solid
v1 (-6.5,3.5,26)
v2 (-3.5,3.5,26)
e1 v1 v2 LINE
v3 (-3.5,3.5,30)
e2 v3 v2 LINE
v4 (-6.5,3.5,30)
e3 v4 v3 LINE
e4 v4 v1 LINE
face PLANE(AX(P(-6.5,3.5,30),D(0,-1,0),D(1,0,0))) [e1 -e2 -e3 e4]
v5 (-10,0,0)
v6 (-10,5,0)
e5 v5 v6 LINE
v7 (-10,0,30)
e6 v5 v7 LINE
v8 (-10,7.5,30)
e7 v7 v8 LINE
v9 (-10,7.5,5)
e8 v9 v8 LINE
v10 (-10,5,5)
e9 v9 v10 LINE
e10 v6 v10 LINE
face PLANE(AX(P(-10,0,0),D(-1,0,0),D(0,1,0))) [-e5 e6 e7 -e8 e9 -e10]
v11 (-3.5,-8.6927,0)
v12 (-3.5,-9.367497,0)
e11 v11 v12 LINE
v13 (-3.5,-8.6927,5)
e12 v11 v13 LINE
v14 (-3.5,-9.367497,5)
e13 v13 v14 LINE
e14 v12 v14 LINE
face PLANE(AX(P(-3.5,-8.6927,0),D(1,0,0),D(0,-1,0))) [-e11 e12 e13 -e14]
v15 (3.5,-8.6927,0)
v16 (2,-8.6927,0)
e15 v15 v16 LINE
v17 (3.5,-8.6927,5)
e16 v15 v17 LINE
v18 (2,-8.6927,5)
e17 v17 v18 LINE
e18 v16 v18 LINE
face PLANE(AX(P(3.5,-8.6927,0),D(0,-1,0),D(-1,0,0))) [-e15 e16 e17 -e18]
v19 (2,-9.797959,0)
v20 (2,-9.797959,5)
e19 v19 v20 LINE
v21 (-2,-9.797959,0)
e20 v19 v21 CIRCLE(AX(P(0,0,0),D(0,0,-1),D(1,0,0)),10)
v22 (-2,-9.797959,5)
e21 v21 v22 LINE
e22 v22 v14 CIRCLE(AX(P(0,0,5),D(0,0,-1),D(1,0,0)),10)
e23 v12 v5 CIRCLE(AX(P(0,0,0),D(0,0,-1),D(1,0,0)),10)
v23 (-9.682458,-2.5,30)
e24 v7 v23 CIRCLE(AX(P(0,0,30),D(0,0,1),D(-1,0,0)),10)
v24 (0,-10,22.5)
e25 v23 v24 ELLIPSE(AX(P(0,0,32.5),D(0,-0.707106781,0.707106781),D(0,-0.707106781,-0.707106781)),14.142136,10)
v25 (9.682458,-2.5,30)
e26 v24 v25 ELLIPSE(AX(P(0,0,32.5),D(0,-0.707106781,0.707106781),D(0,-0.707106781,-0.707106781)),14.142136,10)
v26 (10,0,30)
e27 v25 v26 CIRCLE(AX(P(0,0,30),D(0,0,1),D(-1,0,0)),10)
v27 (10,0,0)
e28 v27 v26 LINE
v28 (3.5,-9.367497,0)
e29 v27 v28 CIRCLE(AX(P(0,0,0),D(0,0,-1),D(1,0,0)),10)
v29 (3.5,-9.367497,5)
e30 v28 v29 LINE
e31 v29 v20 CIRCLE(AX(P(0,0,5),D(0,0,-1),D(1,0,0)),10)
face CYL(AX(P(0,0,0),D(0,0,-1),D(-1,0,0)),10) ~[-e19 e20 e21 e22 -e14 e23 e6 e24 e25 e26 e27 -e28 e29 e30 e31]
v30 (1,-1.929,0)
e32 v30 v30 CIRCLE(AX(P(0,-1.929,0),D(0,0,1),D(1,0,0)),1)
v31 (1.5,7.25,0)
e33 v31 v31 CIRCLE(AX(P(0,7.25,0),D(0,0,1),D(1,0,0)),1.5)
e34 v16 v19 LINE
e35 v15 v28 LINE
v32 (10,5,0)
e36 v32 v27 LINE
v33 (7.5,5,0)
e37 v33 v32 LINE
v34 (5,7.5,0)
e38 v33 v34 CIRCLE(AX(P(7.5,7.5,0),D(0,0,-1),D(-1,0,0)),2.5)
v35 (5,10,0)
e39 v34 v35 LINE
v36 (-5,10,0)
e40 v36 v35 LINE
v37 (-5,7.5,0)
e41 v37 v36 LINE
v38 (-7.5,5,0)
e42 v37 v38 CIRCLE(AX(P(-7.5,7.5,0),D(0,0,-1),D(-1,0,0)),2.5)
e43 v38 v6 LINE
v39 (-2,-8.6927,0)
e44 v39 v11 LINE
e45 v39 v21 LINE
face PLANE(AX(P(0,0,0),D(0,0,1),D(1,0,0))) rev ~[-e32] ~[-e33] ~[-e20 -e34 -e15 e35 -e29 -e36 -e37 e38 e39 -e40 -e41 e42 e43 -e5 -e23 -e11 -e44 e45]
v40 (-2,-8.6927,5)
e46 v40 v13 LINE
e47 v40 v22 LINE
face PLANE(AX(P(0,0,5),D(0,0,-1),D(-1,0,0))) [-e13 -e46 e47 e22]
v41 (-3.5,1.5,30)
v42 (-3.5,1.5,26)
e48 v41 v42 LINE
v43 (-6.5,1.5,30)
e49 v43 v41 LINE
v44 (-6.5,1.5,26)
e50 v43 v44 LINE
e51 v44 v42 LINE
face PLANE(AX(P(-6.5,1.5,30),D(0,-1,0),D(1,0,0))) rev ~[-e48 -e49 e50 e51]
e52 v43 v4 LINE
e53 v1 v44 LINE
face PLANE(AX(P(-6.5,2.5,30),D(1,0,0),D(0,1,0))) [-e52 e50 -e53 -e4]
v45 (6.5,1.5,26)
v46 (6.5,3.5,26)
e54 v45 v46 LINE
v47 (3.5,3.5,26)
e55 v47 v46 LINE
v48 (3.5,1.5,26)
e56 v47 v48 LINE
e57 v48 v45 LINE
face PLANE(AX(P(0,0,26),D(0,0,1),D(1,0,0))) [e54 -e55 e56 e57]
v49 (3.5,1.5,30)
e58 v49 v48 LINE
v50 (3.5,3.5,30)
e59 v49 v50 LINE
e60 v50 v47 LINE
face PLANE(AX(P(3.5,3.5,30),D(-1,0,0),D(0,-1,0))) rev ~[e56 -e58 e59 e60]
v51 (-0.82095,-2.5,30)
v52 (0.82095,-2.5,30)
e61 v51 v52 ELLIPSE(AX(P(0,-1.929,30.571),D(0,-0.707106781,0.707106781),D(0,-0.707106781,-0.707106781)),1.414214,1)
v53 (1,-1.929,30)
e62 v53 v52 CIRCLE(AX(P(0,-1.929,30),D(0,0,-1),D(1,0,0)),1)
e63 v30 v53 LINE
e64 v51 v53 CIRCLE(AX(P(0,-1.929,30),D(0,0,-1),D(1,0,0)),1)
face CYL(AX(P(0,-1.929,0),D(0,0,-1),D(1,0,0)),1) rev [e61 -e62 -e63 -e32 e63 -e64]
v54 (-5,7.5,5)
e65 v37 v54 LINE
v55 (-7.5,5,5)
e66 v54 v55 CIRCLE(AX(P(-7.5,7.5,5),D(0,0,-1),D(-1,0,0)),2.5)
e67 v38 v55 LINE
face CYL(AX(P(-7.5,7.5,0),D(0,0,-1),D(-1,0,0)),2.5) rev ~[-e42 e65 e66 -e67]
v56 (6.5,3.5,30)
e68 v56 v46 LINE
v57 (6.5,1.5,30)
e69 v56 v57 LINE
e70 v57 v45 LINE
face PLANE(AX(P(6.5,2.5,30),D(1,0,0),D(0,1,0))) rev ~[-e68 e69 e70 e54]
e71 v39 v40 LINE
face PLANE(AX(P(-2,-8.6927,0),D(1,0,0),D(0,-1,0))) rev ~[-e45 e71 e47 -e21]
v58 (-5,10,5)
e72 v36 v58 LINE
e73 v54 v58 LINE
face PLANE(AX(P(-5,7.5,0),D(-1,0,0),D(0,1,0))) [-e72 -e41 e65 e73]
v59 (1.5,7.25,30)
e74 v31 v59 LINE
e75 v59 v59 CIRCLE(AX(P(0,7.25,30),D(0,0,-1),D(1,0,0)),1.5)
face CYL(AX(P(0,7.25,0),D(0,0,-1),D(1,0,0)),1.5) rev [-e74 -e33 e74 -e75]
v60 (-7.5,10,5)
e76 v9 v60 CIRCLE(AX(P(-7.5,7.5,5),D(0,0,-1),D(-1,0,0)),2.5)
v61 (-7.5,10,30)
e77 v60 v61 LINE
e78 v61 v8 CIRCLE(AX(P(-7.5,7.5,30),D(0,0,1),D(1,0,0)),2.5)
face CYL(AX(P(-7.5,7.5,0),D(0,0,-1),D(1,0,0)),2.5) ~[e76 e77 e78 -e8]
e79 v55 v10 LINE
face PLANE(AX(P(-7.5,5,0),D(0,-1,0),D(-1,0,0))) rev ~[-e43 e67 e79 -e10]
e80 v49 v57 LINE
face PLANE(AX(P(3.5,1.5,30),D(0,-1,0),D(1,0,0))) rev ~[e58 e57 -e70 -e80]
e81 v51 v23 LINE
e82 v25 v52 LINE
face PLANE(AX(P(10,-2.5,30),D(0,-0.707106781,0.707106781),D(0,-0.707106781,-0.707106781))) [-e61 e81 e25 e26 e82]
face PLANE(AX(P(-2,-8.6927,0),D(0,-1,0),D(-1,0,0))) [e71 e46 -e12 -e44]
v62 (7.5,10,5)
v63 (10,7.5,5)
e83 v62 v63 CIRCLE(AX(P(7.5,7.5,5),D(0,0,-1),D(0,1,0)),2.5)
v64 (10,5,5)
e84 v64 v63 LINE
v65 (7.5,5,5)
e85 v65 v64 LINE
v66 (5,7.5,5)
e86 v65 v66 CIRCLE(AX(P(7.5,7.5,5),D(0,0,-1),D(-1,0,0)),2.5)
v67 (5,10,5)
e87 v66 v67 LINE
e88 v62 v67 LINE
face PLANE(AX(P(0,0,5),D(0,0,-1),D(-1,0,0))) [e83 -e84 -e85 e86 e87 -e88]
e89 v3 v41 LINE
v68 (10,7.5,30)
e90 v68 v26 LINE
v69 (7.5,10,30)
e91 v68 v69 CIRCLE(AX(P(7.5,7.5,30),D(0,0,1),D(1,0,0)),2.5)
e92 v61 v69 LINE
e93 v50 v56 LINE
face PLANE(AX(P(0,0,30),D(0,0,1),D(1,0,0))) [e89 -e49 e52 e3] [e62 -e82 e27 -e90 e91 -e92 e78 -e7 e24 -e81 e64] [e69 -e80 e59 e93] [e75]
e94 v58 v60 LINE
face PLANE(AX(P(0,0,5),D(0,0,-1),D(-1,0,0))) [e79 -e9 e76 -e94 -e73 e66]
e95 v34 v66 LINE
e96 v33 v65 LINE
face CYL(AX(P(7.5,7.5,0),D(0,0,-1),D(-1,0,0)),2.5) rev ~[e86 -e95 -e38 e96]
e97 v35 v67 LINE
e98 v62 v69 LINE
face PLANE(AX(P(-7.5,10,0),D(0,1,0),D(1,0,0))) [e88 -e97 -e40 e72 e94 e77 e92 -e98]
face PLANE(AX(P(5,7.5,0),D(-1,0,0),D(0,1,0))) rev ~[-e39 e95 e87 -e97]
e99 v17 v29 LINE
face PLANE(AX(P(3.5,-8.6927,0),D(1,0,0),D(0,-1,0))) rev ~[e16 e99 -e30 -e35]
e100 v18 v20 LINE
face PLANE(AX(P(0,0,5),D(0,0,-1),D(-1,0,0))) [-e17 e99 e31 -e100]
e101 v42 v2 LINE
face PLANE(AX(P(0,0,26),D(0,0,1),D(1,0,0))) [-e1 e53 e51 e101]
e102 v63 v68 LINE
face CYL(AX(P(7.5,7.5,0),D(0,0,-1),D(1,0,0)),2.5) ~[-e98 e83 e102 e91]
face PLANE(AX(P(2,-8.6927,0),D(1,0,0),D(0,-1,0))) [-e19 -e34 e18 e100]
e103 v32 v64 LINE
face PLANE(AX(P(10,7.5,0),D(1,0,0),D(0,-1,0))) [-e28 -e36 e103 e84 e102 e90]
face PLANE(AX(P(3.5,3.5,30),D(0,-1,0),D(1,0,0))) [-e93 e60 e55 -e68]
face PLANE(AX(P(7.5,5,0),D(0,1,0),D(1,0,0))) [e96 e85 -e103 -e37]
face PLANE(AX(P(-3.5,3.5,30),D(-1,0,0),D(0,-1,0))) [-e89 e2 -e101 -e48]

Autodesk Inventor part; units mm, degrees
ref_plane "YZ Plane" through (0, 0, 0) normal (1, 0, 0) x (0, 1, 0)
ref_plane "XZ Plane" through (0, 0, 0) normal (0, 1, 0) x (-1, 0, 0)
ref_plane "XY Plane" through (0, 0, 0) normal (0, 0, 1) x (1, 0, 0)
sketch "Finger Body" plane through (0, 0, 0) normal (0, 0, 1) x (1, 0, 0)
  line L0 (-10, 10) -> (10, 10)
  line L1 (10, 10) -> (10, -10)
  line L2 (10, -10) -> (-10, -10)
  line L3 (-10, -10) -> (-10, 10)
  arc A0 (-10, 0) -> (10, 0) centre (0, 0) ccw
  line L4 (-10, 0) -> (10, 0)
  circle A1 centre (-7.5, 7.5) radius 2.5
  circle A2 centre (7.5, 7.5) radius 2.5
  circle A3 centre (0, 0) radius 8.75
  line L5 (0, -8.75) -> (1, -8.75) construction
  line L6 (1, 8.6927) -> (1, -8.75)
  line L7 (-1, 8.6927) -> (-1, -8.6927)
  line L8 (-1, -9.9499) -> (-1, -10)
  circle A4 centre (0, 7.25) radius 1.5
  circle A5 centre (0, -1.929) radius 1
  point P0 (1, -8.6927)
  point P1 (10, 7.5)
  point P2 (7.5, 10)
  point P3 (-7.5, 10)
  point P4 (-10, 7.5)
  dimension "d0" = 20
  dimension "d1" = 20
  dimension "d2" = 10
  dimension "d3" = 10
  dimension "d4" = 5
  dimension "d5" = 2.5
  dimension "d6" = 2.5
  dimension "d7" = 5
  dimension "d8" = 2.5
  dimension "d9" = 2.5
  dimension "d10" = 17.5
  dimension "d42" = 3
  dimension "d43" = 0
  dimension "d44" = 0
  dimension "d45" = 9.179
  dimension "d46" = 0
sketch "Cap Imprint (DNE)" plane through (0, 0, 0) normal (0, 0, 1) x (1, 0, 0)
  circle A0 centre (0, 0) radius 8.75 projected
  arc A1 (-10, 0) -> (10, 0) centre (0, 0) ccw projected
  line L0 (-10, -10) -> (-10, 10) projected
  line L1 (-10, 10) -> (10, 10) projected
  line L2 (10, 10) -> (10, -10) projected
  line L3 (1, 8.6927) -> (1, -8.75) projected
  line L4 (-1, 8.6927) -> (-1, -8.6927) projected
  circle A2 centre (-7.5, 7.5) radius 2.5 projected
  circle A3 centre (7.5, 7.5) radius 2.5 projected
  circle A4 centre (0, 0) radius 0.5
  dimension "d15" = 1
extrude "FingerLength (Scale for each finger)" add sketch "Finger Body" along normal blind 30 contours L0 A2 A3 A1 | A1 A3 | A1 A3 L4 L3 | A2 A3 | L4 A3 A0 | A3 A1 | A1 A3 L7 A4 L4 | L1 L4 A3 A2 | A3 A2 | A2 A3 L4 L6 A4 | L4 L7 A3 | L6 A4 A3 | A3 A4 L7 | L7 A4 L6 L4 | L4 L6 A5 L7 | L7 A5 L6 A3 | A3 L6 L4
sketch "Sketch3" plane through (0, 0, 30) normal (0, 0, 1) x (1, 0, 0)
  arc A0 (-7.5, 10) -> (-10, 7.5) centre (-7.5, 7.5) ccw projected
  line L0 (-10, 7.5) -> (-7, 7.5)
  line L1 (-7, 7.5) -> (-6.5, 7.5)
  line L2 (-6.5, 7.5) -> (-3.5, 7.5)
  line L3 (-3.5, 7.5) -> (-3, 7.5)
  arc A1 (10, 7.5) -> (7.5, 10) centre (7.5, 7.5) ccw projected
  line L4 (10, 7.5) -> (7, 7.5)
  line L5 (7, 7.5) -> (6.5, 7.5)
  line L6 (6.5, 7.5) -> (3.5, 7.5)
  line L7 (3.5, 7.5) -> (3, 7.5)
  line L8 (-6.5, 7.5) -> (-3.5, 7.5)
  line L9 (-3.5, 7.5) -> (-3.5, -2.5)
  line L10 (-3.5, -2.5) -> (-6.5, -2.5)
  line L11 (-6.5, -2.5) -> (-6.5, 7.5)
  line L12 (6.5, 7.5) -> (3.5, 7.5)
  line L13 (3.5, 7.5) -> (3.5, -2.5)
  line L14 (3.5, -2.5) -> (6.5, -2.5)
  line L15 (6.5, -2.5) -> (6.5, 7.5)
  line L16 (-6.5, 2.5) -> (6.5, 2.5)
  line L17 (-6.5, 3.5) -> (6.5, 3.5)
  line L18 (-6.5, 1.5) -> (6.5, 1.5)
  point P0 (0, 0)
  point P1 (-3.5, 1.5)
  point P2 (-3.5, 3.5)
  point P3 (3.5, 1.5)
  point P4 (3.5, 3.5)
  dimension "d18" = 3
  dimension "d19" = 0.5
  dimension "d20" = 3
  dimension "d21" = 0.5
  dimension "d22" = 3
  dimension "d23" = 0.5
  dimension "d24" = 3
  dimension "d25" = 0.5
  dimension "d26" = 10
  dimension "d27" = 10
  dimension "d28" = 1
  dimension "d29" = 1
extrude "Extrusion2" cut sketch "Sketch3" against normal blind 4 contours L17 L9 L16 L11 | L16 L9 L18 L11 | L17 L15 L16 L13 | L16 L15 L18 L13
sketch "Sketch4" plane through (10, 0, 0) normal (1, 0, 0) x (0, 0, -1)
  line L0 (0, -10) -> (-30, -10) projected
  line L1 (-30, 0) -> (-30, -10) projected
  line L2 (-30, 0) -> (-30, 7.5) projected
  line L3 (-30, 10) -> (-30, 7.5) projected
  line L4 (0, 10) -> (-30, 10) projected
  line L5 (0, 0) -> (0, 7.5) projected
  line L6 (0, 10) -> (0, 7.5) projected
  line L7 (0, 0) -> (0, -10) projected
  line L8 (0, 7.5) -> (-30, 7.5) projected
  line L9 (-30, 7.5) -> (-30, -2.5)
  line L10 (-30, -8.6927) -> (-30, 8.6927) projected
  line L11 (-30, -2.5) -> (-22.5, -10)
  dimension "d32" = 10
  dimension "d33" = 135
extrude "Extrusion3" cut sketch "Sketch4" against normal up to surface (20 mm away) contours L0 L1 L11
sketch "Sketch5" plane through (0, 0, 0) normal (0, 0, -1) x (-1, 0, 0)
  arc A0 (-7.5, 10) -> (-10, 7.5) centre (-7.5, 7.5) ccw projected
  line L0 (-10, 0) -> (-10, 7.5) projected
  arc A1 (-10, 0) -> (10, 0) centre (0, 0) ccw projected
  line L1 (10, 7.5) -> (10, 0) projected
  arc A2 (10, 7.5) -> (7.5, 10) centre (7.5, 7.5) ccw projected
  line L2 (-7.5, 10) -> (7.5, 10) projected
  circle A3 centre (-7.5, 7.5) radius 2.5
  circle A4 centre (7.5, 7.5) radius 2.5
  line L3 (-7.5, 5) -> (-10, 5)
  line L4 (-10, 0) -> (-10, 7.5) projected
  line L5 (7.5, 5) -> (10, 5)
  line L6 (-5, 7.5) -> (-5, 10)
  line L7 (5, 7.5) -> (5, 10)
  line L8 (-1, -8.6927) -> (-1, -9.9499)
  line L9 (1, -8.6927) -> (1, -9.9499)
  line L10 (-2, -8.6927) -> (-2, -9.9499)
  line L11 (-3.5, -8.6927) -> (-3.5, -9.9499)
  line L12 (2, -8.6927) -> (2, -9.9499)
  line L13 (3.5, -8.6927) -> (3.5, -9.9499)
  line L14 (-3.5, -8.6927) -> (-2, -8.6927)
  line L15 (2, -8.6927) -> (3.5, -8.6927)
  point P0 (2, -9.798)
  point P1 (3.5, -9.3675)
  point P2 (-3.5, -9.3675)
  point P3 (-2, -9.798)
  dimension "d38" = 1
  dimension "d39" = 1.5
  dimension "d40" = 1
  dimension "d41" = 1.5
extrude "Extrusion4" cut sketch "Sketch5" against normal blind 5 contours A3 A0 | L2 L6 A3 | A3 L3 L0 | L2 A4 L7 | A2 A4 | L11 L14 L10 A1 | L1 L5 A4 | A1 L12 L15 L13
sketch "End Imprint (DNE)" plane through (0, 0, 0) normal (0, 0, -1) x (-1, 0, 0)
  line L0 (-5, 10) -> (-5, 7.5) projected
  arc A0 (-7.5, 5) -> (-5, 7.5) centre (-7.5, 7.5) ccw projected
  line L1 (-7.5, 5) -> (-10, 5) projected
  line L2 (-10, 0) -> (-10, 5) projected
  arc A1 (-10, 0) -> (-3.5, -9.3675) centre (0, 0) ccw projected
  line L3 (-3.5, -9.3675) -> (-3.5, -8.6927) projected
  line L4 (-3.5, -8.6927) -> (-2, -8.6927) projected
  line L5 (-2, -8.6927) -> (-2, -9.798) projected
  arc A2 (-2, -9.798) -> (2, -9.798) centre (0, 0) ccw projected
  line L6 (2, -9.798) -> (2, -8.6927) projected
  line L7 (2, -8.6927) -> (3.5, -8.6927) projected
  line L8 (3.5, -8.6927) -> (3.5, -9.3675) projected
  arc A3 (3.5, -9.3675) -> (10, 0) centre (0, 0) ccw projected
  line L9 (10, 5) -> (10, 0) projected
  line L10 (10, 5) -> (7.5, 5) projected
  arc A4 (5, 7.5) -> (7.5, 5) centre (7.5, 7.5) ccw projected
  line L11 (5, 7.5) -> (5, 10) projected
  line L12 (-5, 10) -> (5, 10) projected
  arc A5 (-7.5, 5) -> (-5, 7.5) centre (-7.5, 7.5) ccw projected
  line L13 (-5, 10) -> (-5, 7.5) projected
  line L14 (-7.5, 10) -> (-5, 10) projected
  arc A6 (-7.5, 10) -> (-10, 7.5) centre (-7.5, 7.5) ccw projected
  line L15 (-10, 5) -> (-10, 7.5) projected
  line L16 (-7.5, 5) -> (-10, 5) projected
  arc A7 (10, 7.5) -> (7.5, 10) centre (7.5, 7.5) ccw projected
  line L17 (5, 10) -> (7.5, 10) projected
  line L18 (5, 7.5) -> (5, 10) projected
  arc A8 (5, 7.5) -> (7.5, 5) centre (7.5, 7.5) ccw projected
  line L19 (10, 5) -> (7.5, 5) projected
  line L20 (10, 7.5) -> (10, 5) projected
  line L21 (2, -9.798) -> (2, -8.6927) projected
  arc A9 (2, -9.798) -> (3.5, -9.3675) centre (0, 0) ccw projected
  line L22 (3.5, -8.6927) -> (3.5, -9.3675) projected
  line L23 (2, -8.6927) -> (3.5, -8.6927) projected
  line L24 (-3.5, -9.3675) -> (-3.5, -8.6927) projected
  arc A10 (-3.5, -9.3675) -> (-2, -9.798) centre (0, 0) ccw projected
  line L25 (-2, -8.6927) -> (-2, -9.798) projected
  line L26 (-3.5, -8.6927) -> (-2, -8.6927) projected
properties part number "Fingertip Midpart"
